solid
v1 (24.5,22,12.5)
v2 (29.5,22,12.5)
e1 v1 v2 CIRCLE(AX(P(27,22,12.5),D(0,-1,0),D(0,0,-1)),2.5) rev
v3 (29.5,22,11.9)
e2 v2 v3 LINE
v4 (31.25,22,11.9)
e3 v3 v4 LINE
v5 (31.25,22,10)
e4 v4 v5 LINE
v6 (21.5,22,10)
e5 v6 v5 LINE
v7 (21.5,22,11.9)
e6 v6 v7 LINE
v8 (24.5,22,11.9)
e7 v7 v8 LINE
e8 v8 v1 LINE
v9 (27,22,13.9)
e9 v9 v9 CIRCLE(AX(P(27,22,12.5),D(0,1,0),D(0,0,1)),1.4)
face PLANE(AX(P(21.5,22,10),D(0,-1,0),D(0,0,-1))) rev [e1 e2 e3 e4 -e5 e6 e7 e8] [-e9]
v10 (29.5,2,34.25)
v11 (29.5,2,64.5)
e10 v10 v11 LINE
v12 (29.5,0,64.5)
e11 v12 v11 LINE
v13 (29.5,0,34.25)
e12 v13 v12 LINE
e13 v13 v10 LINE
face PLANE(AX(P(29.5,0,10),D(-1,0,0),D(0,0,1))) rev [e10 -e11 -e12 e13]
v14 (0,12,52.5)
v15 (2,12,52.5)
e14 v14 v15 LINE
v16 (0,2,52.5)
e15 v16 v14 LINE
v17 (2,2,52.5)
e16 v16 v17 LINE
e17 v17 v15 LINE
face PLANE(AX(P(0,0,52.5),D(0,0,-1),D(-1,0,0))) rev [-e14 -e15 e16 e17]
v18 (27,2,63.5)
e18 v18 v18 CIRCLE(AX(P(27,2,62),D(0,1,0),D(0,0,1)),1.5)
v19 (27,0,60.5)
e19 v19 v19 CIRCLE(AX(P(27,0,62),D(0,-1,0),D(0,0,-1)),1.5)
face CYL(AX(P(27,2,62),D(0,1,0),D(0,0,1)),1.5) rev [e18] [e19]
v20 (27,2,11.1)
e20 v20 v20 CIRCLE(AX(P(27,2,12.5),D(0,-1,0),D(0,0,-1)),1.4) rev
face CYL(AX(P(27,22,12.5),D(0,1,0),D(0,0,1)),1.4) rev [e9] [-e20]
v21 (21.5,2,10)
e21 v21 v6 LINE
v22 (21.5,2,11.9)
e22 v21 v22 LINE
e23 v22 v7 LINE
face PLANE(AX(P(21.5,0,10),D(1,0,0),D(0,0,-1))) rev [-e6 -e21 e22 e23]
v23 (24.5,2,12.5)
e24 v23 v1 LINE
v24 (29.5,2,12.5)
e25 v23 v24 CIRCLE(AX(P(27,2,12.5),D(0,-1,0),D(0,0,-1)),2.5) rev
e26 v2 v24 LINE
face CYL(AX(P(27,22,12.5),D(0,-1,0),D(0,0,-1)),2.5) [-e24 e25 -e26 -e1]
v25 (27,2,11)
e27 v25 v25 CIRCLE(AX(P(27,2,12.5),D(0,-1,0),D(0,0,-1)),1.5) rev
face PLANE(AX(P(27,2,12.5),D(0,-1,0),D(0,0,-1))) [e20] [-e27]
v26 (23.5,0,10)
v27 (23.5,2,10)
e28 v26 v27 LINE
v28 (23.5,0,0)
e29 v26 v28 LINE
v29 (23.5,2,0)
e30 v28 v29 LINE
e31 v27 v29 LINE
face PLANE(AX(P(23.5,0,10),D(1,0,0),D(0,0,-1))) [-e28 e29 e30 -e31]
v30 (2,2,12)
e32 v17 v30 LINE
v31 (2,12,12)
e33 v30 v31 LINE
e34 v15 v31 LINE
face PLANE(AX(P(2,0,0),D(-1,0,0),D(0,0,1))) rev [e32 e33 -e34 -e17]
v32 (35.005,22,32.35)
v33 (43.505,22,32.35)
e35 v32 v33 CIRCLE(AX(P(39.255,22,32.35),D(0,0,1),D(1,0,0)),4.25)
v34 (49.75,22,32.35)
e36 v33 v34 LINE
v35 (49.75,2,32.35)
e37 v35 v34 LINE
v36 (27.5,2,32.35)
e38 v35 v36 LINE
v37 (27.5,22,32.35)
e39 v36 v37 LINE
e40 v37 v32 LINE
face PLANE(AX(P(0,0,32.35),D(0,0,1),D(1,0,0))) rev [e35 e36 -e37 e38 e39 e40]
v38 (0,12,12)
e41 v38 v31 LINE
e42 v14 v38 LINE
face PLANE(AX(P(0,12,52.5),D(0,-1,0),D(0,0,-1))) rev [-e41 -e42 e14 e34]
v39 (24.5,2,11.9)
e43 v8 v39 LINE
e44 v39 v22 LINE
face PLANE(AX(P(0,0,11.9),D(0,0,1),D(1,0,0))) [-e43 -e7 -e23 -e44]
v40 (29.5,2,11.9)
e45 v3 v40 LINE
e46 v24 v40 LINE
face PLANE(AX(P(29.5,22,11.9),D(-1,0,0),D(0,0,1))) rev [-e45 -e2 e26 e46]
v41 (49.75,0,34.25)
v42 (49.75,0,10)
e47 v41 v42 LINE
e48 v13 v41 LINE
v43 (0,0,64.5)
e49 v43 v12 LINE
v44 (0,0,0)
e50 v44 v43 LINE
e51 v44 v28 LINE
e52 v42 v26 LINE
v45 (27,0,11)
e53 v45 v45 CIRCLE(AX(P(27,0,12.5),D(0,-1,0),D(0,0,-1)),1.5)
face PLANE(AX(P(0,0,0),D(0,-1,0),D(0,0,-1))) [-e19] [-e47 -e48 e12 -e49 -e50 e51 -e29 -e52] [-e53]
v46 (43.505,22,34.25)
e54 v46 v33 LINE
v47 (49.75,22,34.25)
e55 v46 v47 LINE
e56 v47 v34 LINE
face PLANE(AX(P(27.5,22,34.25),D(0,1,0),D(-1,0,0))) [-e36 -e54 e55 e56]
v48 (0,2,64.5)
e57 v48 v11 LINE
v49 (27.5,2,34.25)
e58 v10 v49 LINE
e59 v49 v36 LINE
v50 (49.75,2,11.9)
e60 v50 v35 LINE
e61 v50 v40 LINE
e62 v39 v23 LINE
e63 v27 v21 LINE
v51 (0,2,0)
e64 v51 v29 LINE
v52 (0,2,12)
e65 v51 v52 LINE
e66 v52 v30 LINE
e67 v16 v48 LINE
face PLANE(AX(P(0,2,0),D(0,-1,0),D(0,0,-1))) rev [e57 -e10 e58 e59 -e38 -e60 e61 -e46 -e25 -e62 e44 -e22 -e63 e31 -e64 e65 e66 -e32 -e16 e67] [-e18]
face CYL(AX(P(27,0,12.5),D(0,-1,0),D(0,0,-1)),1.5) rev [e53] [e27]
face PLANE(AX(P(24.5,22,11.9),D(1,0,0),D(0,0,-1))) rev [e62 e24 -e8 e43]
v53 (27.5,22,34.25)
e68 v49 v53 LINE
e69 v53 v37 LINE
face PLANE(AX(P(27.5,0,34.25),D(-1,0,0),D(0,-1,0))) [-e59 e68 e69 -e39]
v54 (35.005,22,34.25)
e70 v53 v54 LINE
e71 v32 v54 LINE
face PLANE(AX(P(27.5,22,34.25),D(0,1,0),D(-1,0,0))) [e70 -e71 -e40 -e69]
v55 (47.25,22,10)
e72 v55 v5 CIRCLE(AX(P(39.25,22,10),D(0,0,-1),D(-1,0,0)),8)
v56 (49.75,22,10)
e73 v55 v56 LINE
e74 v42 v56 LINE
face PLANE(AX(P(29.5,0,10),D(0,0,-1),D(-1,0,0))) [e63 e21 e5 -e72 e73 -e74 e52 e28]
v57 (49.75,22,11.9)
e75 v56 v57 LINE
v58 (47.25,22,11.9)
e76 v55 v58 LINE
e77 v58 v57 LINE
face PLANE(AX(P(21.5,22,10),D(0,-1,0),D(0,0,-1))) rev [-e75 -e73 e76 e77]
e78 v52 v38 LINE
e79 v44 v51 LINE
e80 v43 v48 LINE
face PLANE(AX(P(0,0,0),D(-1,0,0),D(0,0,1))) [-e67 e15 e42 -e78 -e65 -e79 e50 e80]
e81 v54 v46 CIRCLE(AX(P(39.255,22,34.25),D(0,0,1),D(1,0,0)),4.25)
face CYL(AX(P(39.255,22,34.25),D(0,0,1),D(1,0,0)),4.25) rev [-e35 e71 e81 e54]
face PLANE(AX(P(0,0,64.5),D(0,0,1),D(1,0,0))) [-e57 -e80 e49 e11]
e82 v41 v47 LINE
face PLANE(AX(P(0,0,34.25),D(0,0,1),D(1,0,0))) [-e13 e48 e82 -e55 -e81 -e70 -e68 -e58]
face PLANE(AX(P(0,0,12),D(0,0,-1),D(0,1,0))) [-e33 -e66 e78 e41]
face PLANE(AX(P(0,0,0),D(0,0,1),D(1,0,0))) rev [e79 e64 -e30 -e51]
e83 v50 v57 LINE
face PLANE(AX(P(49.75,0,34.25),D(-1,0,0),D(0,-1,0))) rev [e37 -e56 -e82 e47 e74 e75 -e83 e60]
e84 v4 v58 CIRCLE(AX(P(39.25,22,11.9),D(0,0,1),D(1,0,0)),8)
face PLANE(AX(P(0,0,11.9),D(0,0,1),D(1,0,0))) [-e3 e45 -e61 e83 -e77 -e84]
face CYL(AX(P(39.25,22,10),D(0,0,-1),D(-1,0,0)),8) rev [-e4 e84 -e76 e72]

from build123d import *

# Parameters (mm, degrees)
BOSS_EXTRUDE1_DEPTH                 = 2
BOSS_EXTRUDE1_2_DEPTH               = 2
BOSS_EXTRUDE2_DEPTH                 = 1.9
BOSS_EXTRUDE3_DEPTH                 = 1.9
F_16_0MM_DOWEL_HOLE1_D              = 16
F_16_0MM_DOWEL_HOLE1_DEPTH          = 1.9
BOSS_EXTRUDE4_DEPTH                 = 2
F_8_0MM_DOWEL_HOLE1_D               = 8.5
SKETCH10_W                          = 5
SKETCH10_H                          = 3.1
BOSS_EXTRUDE5_DEPTH                 = 20
F_3_0MM_DOWEL_HOLE1_D               = 2.8
F_3_0MM_DOWEL_HOLE1_DEPTH           = 20
F_5_0MM_DOWEL_HOLE1_D               = 3
F_5_0MM_DOWEL_HOLE1_DEPTH           = 2
F_5_0MM_DOWEL_HOLE1_ON_FACE_2_D     = 3
F_5_0MM_DOWEL_HOLE1_ON_FACE_2_DEPTH = 2
FILLET1_RADIUS                      = 2.5
FILLET1_LENGTH                      = 20


with BuildPart() as part:
    # 3DSketch1 → Boss-Extrude1 (new body)
    with BuildSketch(Plane(origin=(0, 0, 0), x_dir=(0.4159263542190885, 0, 0.9093982999027529), z_dir=(0, 1, 0))):
        Polygon((9.774269324, 21.370860048), (0, 0), (58.656190344, -26.827249847), (70.926017793, 0), (43.416719221, 12.581772215), (21.363810448, 22.667986305), (18.868252323, 17.211596506), align=None)
    extrude(amount=BOSS_EXTRUDE1_DEPTH)



with BuildPart() as body_2:
    # 3DSketch1 → Boss-Extrude1 2 (new body)
    with BuildSketch(Plane(origin=(0, 0, 0), x_dir=(0.4159263542190885, 0, 0.9093982999027529), z_dir=(0, 1, 0))):
        Polygon((21.363810448, 22.667986305), (43.416719221, 12.581772215), (51.839227894, 30.997087788), (29.786319121, 41.083301878), align=None)
    extrude(amount=BOSS_EXTRUDE1_2_DEPTH)


with BuildPart() as part_1:
    add(part.part)

    add(body_2.part)  # Boss-Extrude2 merges body 2
    # 3DSketch2 → Boss-Extrude2 (add)
    with BuildSketch(Plane(origin=(27.5, 0, 34.25), x_dir=(0.7110903860866081, 0.7031006064676654, 0), z_dir=(0, 0, 1))):
        Polygon((0, 0), (15.82176109, -15.643988494), (31.289974433, 0), (15.468213342, 15.643988494), align=None)
    extrude(amount=-BOSS_EXTRUDE2_DEPTH)

    # 3DSketch3 → Boss-Extrude3 (add)
    with BuildSketch(Plane(origin=(21.5, 0, 10), x_dir=(0.7889761107100116, 0.6144238738272655, 0), z_dir=(0, 0, -1))):
        Polygon((0, 0), (22.288575128, 17.357474436), (35.805900352, 0), (13.517325224, -17.357474436), align=None)
    extrude(amount=-BOSS_EXTRUDE3_DEPTH)

    # Ø16.0mm Dowel Hole1
    with Locations(Plane(origin=(39.25, 22, 10), x_dir=(-1, 0, 0), z_dir=(0, 0, -1))):
        with Locations((0, 0)):
            Hole(F_16_0MM_DOWEL_HOLE1_D / 2, depth=F_16_0MM_DOWEL_HOLE1_DEPTH)

    # 3DSketch7 → Boss-Extrude4 (add)
    with BuildSketch(Plane(origin=(0, 0, 52.5), x_dir=(0, 0.2840883296913741, -0.9587981127083872), z_dir=(1, 0, 0))):
        Polygon((0, 0), (3.409059956, 11.505577353), (42.240383521, 0), (38.831323565, -11.505577353), align=None)
    extrude(amount=BOSS_EXTRUDE4_DEPTH)

    # Ø8.0mm Dowel Hole1 (through all)
    with Locations(Plane(origin=(39.255, 22, 34.25), x_dir=(1, 0, 0), z_dir=(0, 0, 1))):
        with Locations((0, 0)):
            Hole(F_8_0MM_DOWEL_HOLE1_D / 2)

    # Sketch10 → Boss-Extrude5 (add)
    with BuildSketch(Plane(origin=(0, 2, 0), x_dir=(1, 0, 0), z_dir=(0, 1, 0))):
        with Locations((27, -13.45)):
            Rectangle(SKETCH10_W, SKETCH10_H)
    extrude(amount=BOSS_EXTRUDE5_DEPTH)

    # Ø3.0mm Dowel Hole1
    with Locations(Plane(origin=(27, 22, 12.5), x_dir=(0, 0, 1), z_dir=(0, 1, 0))):
        with Locations((0, 0)):
            Hole(F_3_0MM_DOWEL_HOLE1_D / 2, depth=F_3_0MM_DOWEL_HOLE1_DEPTH)

    # Ø5.0mm Dowel Hole1
    with Locations(Plane(origin=(27, 0, 12.5), x_dir=(0, 0, -1), z_dir=(0, -1, 0))):
        with Locations((0, 0)):
            Hole(F_5_0MM_DOWEL_HOLE1_D / 2, depth=F_5_0MM_DOWEL_HOLE1_DEPTH)

    # Ø5.0mm Dowel Hole1 on face 2
    with Locations(Plane(origin=(27, 2, 62), x_dir=(0, 0, 1), z_dir=(0, 1, 0))):
        with Locations((0, 0)):
            Hole(F_5_0MM_DOWEL_HOLE1_ON_FACE_2_D / 2, depth=F_5_0MM_DOWEL_HOLE1_ON_FACE_2_DEPTH)

    # Fillet1: full round fillet: the end face becomes a half cylinder, R = half its width
    fillet1_face = Plane((27, 12, 15), x_dir=(0, 1, 0), z_dir=(0, 0, 1))  # on the end face: x along it, z out of the body
    fillet1_slab = fillet1_face.offset(-FILLET1_RADIUS / 2) * Box(FILLET1_LENGTH, 2 * FILLET1_RADIUS, FILLET1_RADIUS, mode=Mode.PRIVATE)  # the body's end, R deep
    fillet1_round = Plane((27, 12, 12.5), x_dir=(0, 0, 1), z_dir=(0, 1, 0)) * Cylinder(FILLET1_RADIUS, FILLET1_LENGTH, mode=Mode.PRIVATE)  # its axis R under the face
    add(fillet1_slab - fillet1_round, mode=Mode.SUBTRACT)


solid = part_1.part
